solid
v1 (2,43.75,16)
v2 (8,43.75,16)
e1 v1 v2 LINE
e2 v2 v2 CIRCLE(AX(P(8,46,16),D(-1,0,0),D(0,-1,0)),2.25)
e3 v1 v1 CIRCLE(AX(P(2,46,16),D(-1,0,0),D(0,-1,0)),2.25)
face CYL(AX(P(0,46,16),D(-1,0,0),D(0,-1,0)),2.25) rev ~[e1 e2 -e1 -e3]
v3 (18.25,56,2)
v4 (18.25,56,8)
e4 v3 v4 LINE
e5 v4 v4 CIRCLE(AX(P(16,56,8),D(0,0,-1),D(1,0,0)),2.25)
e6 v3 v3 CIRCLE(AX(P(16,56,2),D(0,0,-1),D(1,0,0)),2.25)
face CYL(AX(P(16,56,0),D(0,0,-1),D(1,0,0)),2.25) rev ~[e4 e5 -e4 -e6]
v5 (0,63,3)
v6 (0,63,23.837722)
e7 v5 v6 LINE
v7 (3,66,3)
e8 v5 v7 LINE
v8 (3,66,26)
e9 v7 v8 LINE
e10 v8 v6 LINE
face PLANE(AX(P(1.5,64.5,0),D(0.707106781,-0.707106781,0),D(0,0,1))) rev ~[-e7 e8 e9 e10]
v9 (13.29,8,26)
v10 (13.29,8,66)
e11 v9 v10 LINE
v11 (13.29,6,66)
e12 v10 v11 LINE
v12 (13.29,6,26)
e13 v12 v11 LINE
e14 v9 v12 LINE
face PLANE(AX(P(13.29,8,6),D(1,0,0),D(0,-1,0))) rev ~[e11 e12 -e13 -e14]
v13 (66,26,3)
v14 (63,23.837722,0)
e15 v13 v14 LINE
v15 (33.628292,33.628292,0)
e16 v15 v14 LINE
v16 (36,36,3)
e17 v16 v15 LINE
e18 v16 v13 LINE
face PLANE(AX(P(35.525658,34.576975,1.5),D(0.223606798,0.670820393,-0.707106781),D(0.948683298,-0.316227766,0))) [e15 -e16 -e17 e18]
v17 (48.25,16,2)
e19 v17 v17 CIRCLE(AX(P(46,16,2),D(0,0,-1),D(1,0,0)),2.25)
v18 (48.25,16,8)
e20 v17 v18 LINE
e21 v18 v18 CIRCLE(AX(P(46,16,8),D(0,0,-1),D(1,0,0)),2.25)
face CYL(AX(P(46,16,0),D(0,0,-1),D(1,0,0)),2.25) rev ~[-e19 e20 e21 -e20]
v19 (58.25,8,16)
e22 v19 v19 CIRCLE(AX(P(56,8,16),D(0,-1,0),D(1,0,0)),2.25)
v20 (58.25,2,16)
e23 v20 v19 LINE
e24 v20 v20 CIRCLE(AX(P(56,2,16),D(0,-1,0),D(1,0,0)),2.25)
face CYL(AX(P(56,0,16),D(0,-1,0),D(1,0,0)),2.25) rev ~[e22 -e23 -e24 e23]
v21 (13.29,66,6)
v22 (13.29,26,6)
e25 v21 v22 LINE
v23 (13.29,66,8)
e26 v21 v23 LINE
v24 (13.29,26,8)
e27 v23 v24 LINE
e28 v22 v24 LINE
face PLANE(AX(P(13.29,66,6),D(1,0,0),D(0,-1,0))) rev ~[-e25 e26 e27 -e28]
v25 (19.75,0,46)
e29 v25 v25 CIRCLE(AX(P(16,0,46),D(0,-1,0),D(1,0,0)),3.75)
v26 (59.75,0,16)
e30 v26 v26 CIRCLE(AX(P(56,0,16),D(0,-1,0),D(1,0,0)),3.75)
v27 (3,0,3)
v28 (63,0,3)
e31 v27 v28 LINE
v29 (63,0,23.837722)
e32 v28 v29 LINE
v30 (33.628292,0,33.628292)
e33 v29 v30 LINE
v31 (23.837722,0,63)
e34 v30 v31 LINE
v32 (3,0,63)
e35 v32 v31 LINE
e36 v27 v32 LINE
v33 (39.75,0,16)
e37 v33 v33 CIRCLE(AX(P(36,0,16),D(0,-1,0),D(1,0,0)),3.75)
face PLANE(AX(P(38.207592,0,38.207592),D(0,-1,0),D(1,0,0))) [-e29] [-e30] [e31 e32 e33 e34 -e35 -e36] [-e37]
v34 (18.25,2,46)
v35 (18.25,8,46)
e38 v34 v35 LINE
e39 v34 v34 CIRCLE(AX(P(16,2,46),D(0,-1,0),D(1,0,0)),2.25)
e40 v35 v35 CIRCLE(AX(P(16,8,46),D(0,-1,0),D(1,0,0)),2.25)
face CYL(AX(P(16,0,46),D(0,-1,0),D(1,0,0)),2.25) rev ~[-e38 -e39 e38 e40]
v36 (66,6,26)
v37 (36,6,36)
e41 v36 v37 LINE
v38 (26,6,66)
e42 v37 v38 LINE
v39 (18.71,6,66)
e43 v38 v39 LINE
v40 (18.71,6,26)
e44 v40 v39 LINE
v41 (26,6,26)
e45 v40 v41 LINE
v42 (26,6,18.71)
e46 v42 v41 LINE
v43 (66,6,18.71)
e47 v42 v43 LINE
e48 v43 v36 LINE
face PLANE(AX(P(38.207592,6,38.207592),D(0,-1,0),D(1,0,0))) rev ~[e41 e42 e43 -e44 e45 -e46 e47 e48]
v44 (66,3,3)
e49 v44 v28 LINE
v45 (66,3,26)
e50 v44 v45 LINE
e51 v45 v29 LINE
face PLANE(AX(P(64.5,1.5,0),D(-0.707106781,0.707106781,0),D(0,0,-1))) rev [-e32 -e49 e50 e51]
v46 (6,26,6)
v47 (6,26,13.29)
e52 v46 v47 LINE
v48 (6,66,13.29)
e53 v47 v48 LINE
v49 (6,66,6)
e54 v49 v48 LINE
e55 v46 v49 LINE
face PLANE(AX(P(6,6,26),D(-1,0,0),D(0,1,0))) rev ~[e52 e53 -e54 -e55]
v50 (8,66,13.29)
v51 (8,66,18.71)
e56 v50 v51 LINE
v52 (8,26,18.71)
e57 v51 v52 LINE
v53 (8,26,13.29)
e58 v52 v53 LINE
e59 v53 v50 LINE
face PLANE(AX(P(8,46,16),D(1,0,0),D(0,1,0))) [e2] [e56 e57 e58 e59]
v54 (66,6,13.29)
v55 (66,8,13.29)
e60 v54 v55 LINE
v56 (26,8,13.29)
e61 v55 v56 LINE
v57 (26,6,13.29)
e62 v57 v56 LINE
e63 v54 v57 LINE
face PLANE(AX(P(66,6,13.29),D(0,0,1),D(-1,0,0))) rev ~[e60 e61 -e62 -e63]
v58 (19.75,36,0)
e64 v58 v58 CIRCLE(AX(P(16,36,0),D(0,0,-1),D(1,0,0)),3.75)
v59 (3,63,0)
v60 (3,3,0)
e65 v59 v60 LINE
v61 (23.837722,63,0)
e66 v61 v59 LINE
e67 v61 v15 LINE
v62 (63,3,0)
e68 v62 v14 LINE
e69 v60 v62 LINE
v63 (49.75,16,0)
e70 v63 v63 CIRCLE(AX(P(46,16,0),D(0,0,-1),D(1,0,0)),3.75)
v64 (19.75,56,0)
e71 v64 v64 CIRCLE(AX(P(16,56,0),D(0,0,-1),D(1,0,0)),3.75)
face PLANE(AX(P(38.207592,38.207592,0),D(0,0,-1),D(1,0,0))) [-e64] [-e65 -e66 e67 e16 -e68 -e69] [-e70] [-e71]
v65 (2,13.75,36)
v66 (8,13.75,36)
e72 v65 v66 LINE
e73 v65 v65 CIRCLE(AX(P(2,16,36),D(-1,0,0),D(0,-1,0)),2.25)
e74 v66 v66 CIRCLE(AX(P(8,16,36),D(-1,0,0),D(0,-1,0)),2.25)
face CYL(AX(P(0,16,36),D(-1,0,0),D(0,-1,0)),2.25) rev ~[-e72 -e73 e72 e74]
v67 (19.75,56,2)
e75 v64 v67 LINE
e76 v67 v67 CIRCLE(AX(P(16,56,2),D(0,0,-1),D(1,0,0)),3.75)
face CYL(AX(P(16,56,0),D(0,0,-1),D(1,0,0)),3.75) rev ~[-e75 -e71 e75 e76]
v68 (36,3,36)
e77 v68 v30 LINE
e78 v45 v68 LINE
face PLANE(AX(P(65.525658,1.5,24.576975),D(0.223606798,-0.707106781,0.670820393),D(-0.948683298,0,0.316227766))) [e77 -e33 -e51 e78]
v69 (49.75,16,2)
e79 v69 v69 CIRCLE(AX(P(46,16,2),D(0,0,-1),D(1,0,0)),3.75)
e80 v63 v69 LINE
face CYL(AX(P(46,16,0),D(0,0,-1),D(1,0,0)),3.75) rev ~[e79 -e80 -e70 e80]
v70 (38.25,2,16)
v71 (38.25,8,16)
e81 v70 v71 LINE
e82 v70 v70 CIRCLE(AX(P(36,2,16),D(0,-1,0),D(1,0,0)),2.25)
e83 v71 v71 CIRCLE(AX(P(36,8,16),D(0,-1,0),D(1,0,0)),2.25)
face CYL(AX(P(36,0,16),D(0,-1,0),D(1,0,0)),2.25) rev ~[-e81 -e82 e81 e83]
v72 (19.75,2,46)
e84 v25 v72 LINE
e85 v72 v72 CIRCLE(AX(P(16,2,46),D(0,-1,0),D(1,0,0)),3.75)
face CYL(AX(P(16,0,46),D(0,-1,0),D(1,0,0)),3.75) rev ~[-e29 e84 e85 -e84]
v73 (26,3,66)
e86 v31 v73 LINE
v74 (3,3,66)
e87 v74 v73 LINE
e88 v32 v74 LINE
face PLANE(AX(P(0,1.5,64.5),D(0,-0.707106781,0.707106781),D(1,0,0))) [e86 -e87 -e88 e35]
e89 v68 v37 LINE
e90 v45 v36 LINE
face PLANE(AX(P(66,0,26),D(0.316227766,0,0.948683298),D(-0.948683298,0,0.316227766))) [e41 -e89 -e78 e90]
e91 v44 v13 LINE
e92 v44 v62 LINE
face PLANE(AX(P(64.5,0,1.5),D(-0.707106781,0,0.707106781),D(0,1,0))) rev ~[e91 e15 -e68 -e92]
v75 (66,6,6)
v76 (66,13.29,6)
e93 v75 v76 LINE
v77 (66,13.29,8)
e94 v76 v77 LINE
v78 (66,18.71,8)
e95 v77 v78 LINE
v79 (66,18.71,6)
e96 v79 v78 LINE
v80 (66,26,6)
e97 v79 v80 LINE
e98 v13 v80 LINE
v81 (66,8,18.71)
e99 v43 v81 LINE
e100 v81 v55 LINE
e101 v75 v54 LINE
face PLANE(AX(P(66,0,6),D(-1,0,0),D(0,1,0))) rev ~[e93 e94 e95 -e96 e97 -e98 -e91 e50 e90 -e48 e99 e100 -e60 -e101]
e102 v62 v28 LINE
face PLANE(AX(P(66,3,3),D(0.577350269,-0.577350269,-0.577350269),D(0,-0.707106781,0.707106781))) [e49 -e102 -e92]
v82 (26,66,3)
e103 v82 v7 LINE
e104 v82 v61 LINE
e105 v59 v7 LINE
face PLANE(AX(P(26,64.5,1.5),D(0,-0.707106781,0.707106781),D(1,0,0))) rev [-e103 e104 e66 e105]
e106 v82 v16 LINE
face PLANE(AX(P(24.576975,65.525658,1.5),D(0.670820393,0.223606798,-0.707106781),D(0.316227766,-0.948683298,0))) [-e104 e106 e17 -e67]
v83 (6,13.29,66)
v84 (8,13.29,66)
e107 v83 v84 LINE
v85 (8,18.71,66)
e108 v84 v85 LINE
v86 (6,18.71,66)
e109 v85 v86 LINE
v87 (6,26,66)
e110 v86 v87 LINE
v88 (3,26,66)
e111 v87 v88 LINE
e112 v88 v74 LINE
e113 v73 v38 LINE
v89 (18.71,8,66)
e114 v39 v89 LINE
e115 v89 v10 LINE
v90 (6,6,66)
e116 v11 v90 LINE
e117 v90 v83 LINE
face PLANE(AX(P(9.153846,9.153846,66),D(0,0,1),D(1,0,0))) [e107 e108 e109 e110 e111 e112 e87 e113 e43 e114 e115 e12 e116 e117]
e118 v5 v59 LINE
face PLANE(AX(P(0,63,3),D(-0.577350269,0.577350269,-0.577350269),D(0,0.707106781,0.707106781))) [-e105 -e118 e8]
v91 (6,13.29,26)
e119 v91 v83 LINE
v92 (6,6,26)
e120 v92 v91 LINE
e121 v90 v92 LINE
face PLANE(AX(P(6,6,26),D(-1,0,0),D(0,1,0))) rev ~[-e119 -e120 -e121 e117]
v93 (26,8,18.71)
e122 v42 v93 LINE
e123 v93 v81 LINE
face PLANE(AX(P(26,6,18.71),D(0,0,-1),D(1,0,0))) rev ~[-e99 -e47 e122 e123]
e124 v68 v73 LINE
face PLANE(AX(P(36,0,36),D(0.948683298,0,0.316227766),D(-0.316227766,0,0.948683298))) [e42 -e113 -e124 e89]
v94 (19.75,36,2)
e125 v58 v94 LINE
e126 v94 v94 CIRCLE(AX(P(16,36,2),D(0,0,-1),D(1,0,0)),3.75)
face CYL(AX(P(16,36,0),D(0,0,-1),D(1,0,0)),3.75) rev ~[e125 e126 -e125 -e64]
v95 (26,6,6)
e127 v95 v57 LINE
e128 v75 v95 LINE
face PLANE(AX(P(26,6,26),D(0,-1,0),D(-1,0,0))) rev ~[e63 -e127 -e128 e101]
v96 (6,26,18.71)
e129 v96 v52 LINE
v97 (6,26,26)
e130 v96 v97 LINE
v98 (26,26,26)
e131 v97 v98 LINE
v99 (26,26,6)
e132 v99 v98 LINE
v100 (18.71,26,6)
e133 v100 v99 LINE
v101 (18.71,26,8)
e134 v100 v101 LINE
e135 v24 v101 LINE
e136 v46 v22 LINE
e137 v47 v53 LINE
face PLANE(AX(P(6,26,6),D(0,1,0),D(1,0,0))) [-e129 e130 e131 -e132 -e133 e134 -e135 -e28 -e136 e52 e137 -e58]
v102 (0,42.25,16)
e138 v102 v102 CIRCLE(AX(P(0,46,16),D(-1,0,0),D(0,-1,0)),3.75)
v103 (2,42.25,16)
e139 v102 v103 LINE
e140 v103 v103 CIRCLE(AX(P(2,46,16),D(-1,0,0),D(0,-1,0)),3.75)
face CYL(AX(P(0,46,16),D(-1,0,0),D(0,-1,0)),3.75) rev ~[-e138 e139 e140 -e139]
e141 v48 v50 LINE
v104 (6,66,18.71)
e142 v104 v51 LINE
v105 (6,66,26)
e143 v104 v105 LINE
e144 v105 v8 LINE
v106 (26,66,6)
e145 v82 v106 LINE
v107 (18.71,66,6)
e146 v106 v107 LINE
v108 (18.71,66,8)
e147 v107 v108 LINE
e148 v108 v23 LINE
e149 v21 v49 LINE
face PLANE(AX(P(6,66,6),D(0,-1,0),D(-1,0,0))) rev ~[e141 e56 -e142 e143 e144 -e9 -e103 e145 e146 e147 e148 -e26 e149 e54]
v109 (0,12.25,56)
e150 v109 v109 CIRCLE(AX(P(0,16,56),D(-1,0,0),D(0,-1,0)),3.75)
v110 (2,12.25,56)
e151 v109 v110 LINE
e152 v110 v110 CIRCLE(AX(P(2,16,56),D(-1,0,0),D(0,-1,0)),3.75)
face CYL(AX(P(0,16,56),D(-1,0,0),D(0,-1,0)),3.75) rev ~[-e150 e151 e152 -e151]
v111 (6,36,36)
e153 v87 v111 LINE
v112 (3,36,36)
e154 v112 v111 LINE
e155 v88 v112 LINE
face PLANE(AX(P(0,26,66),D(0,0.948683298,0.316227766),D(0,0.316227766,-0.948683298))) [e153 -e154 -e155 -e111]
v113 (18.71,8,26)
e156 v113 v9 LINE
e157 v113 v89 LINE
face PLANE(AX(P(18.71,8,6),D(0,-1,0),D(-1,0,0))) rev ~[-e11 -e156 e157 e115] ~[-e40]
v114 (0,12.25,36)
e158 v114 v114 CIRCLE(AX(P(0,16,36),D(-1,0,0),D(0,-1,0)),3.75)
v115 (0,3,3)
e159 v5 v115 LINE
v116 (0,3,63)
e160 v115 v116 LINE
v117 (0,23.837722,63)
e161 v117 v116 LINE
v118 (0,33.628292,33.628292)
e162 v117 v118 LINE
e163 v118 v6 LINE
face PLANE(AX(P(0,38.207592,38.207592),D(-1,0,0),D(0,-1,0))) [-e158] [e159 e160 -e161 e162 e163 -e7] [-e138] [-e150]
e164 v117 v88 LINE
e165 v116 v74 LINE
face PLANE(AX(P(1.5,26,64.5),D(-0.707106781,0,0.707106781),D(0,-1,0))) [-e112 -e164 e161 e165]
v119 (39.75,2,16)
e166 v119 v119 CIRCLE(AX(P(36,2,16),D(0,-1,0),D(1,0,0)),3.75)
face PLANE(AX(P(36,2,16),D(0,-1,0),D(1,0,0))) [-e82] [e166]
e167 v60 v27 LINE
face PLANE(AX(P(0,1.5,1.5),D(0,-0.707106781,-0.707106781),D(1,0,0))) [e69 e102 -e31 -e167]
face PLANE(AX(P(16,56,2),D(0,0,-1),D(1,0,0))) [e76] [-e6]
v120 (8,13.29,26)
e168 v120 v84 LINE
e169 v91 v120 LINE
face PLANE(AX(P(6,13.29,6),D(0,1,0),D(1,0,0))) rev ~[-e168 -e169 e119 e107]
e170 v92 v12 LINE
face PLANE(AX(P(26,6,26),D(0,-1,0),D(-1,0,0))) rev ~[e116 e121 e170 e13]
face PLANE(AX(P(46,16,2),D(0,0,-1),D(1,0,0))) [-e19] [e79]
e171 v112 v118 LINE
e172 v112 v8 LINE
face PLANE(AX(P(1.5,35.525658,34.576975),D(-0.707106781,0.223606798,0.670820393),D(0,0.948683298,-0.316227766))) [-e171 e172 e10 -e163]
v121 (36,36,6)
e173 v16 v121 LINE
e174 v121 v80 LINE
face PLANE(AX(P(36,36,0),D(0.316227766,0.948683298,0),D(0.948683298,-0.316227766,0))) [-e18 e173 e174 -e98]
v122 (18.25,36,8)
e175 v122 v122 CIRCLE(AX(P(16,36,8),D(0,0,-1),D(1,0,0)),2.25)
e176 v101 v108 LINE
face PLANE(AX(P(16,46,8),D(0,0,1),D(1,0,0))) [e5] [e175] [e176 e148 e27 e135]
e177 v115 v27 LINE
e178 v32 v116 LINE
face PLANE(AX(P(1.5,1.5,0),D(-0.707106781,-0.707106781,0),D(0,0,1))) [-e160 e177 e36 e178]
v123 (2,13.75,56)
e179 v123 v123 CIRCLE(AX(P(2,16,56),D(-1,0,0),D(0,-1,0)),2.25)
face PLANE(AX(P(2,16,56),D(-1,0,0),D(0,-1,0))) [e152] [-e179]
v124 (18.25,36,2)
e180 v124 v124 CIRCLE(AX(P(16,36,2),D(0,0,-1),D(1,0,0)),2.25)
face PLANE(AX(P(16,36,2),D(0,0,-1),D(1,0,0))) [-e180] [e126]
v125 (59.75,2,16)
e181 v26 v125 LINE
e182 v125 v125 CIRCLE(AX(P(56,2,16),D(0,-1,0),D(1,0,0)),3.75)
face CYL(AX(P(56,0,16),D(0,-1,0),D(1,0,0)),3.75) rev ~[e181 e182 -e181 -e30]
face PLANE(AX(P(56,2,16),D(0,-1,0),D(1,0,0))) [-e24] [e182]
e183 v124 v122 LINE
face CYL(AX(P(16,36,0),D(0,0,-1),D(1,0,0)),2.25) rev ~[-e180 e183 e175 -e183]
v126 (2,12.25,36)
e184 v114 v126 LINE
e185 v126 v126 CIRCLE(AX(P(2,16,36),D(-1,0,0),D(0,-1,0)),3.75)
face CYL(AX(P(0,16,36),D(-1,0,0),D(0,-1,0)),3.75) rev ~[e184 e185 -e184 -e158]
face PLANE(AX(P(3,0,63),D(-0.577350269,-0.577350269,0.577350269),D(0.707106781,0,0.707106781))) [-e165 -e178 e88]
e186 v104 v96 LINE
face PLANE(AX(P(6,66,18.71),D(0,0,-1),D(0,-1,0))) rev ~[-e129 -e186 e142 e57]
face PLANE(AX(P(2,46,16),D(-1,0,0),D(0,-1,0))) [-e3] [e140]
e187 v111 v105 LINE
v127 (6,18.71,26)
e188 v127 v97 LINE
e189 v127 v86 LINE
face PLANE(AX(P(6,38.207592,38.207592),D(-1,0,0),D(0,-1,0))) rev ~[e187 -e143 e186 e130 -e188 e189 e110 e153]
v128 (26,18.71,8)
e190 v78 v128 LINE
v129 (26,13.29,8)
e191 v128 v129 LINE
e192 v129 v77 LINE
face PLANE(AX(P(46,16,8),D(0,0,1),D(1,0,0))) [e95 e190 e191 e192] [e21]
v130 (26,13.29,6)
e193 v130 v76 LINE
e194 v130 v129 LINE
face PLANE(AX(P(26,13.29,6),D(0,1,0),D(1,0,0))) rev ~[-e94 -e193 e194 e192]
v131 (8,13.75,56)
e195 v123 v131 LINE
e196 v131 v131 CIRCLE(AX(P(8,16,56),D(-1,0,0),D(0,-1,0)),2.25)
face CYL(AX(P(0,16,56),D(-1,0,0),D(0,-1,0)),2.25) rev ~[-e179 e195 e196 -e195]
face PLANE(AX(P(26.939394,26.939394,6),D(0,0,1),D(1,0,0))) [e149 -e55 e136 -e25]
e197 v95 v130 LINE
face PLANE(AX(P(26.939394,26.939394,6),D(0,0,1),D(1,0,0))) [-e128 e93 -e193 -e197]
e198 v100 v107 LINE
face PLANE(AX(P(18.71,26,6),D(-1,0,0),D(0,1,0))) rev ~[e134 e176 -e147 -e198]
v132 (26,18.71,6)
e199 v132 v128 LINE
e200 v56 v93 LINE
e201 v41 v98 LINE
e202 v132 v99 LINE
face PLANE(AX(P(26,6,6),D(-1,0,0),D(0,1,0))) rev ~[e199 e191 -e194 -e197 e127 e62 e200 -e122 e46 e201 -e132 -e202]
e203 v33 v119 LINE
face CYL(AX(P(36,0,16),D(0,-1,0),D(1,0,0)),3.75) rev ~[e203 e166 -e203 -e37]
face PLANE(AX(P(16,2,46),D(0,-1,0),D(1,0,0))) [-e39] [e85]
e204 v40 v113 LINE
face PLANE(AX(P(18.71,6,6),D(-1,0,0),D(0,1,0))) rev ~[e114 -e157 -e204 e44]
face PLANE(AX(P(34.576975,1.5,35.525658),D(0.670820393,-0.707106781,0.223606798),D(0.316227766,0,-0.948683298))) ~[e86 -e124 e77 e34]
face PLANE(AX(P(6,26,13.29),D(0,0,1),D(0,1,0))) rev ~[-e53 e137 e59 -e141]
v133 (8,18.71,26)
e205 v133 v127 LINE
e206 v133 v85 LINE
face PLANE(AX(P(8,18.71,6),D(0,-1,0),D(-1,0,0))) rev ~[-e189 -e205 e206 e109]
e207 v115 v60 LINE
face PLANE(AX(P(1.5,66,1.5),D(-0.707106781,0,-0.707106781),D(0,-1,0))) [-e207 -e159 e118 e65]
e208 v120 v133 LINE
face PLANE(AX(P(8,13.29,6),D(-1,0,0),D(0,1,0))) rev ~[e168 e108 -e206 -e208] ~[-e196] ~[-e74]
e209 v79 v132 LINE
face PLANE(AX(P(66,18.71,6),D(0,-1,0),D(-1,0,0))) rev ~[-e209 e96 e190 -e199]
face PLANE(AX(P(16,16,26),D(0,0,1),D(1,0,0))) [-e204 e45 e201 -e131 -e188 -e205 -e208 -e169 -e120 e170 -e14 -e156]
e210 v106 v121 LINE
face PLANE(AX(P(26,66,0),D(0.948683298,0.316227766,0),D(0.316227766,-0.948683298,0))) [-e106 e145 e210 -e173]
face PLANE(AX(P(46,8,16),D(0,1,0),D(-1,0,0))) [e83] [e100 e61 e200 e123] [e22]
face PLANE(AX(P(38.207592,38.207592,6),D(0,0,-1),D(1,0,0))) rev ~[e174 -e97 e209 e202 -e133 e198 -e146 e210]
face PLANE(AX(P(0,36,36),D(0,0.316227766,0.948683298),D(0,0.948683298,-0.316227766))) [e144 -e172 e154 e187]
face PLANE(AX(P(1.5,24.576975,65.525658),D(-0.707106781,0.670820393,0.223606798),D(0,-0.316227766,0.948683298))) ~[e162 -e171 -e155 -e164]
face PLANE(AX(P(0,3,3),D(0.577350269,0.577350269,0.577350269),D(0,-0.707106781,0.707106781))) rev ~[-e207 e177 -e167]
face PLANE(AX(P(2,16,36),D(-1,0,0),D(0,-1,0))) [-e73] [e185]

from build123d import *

# Parameters (mm, degrees)
F1_DEPTH  = 6
F3_DEPTH  = 20
F5_DEPTH  = 40
F7_DEPTH  = 60
F9_DEPTH  = 2
F11_DEPTH = 2
F13_DEPTH = 2
F14_R     = 2.25
F15_DEPTH = 8
F16_R     = 2.25
F17_DEPTH = 8
F18_R     = 2.25
F19_DEPTH = 8
F20_R     = 3.75
F21_DEPTH = 2
F22_R     = 3.75
F23_DEPTH = 2
F24_R     = 3.75
F25_DEPTH = 2
F26_W     = 20
F26_H     = 20
F27_DEPTH = 20
F29_DEPTH = 6
F31_DEPTH = 6
F33_DEPTH = 6
F34_SIZE  = 3


with BuildPart() as f1:
    # F0 (on Top) → F1 (new body)
    with BuildSketch(Plane.XY):
        Polygon((0, 66), (0, 0), (66, 0), (66, 26), (26, 26), (26, 66), align=None)
    extrude(amount=F1_DEPTH)

    # F2 (on face) → F3 (join)
    with BuildSketch(Plane.XY.offset(6)):
        Polygon((6, 66), (0, 66), (0, 0), (66, 0), (66, 6), (6, 6), align=None)
    extrude(amount=F3_DEPTH)

    # F4 (on face) → F5 (join)
    with BuildSketch(Plane.XY.offset(26)):
        Polygon((6, 6), (6, 26), (0, 26), (0, 0), (26, 0), (26, 6), align=None)
    extrude(amount=F5_DEPTH)

    # F6 (on face) → F7 (join)
    with BuildSketch(Plane.XY.offset(6)):
        Polygon((13.29, 6), (16, 6), (18.71, 6), (18.71, 8), (13.29, 8), align=None)
        Polygon((6, 18.71), (6, 16), (6, 13.29), (8, 13.29), (8, 18.71), align=None)
    extrude(amount=F7_DEPTH)

    # F8 (on face) → F9 (join)
    with BuildSketch(Plane.XY.offset(6)):
        Polygon((66, 13.29), (66, 16), (66, 18.71), (26, 18.71), (26, 13.29), align=None)
        Polygon((18.71, 66), (16, 66), (13.29, 66), (13.29, 26), (18.71, 26), align=None)
    extrude(amount=F9_DEPTH)

    # F10 (on face) → F11 (join)
    with BuildSketch(Plane(origin=(0, 6, 0), x_dir=(-1, 0, 0), z_dir=(0, 1, 0))):
        Polygon((-66, 18.71), (-66, 16), (-66, 13.29), (-26, 13.29), (-26, 16), (-26, 18.71), align=None)
    extrude(amount=F11_DEPTH)

    # F12 (on face) → F13 (join)
    with BuildSketch(Plane.YZ.offset(6)):
        Polygon((66, 13.29), (66, 16), (66, 18.71), (26, 18.71), (26, 13.29), align=None)
    extrude(amount=F13_DEPTH)

    # F14 (on face) → F15 (cut, through all)
    with BuildSketch(Plane.XZ):
        with Locations((56, 16)):
            Circle(F14_R)
        with Locations((16, 46)):
            Circle(F14_R)
        with Locations((36, 16)):
            Circle(F14_R)
    extrude(amount=-F15_DEPTH, mode=Mode.SUBTRACT)

    # F16 (on face) → F17 (cut, through all)
    with BuildSketch(Plane(origin=(0, 0, 0), x_dir=(0, -1, 0), z_dir=(-1, 0, 0))):
        with Locations((-16, 56)):
            Circle(F16_R)
        with Locations((-46, 16)):
            Circle(F16_R)
        with Locations((-16, 36)):
            Circle(F16_R)
    extrude(amount=-F17_DEPTH, mode=Mode.SUBTRACT)

    # F18 (on face) → F19 (cut, through all)
    with BuildSketch(Plane(origin=(0, 0, 0), x_dir=(1, 0, 0), z_dir=(0, 0, -1))):
        with Locations((46, -16)):
            Circle(F18_R)
        with Locations((16, -56)):
            Circle(F18_R)
        with Locations((16, -36)):
            Circle(F18_R)
    extrude(amount=-F19_DEPTH, mode=Mode.SUBTRACT)

    # F20 (on face) → F21 (cut)
    with BuildSketch(Plane.XZ):
        with Locations((16, 46)):
            Circle(F20_R)
        with Locations((36, 16)):
            Circle(F20_R)
        with Locations((56, 16)):
            Circle(F20_R)
    extrude(amount=-F21_DEPTH, mode=Mode.SUBTRACT)

    # F22 (on face) → F23 (cut)
    with BuildSketch(Plane(origin=(0, 0, 0), x_dir=(0, -1, 0), z_dir=(-1, 0, 0))):
        with Locations((-16, 56)):
            Circle(F22_R)
        with Locations((-46, 16)):
            Circle(F22_R)
        with Locations((-16, 36)):
            Circle(F22_R)
    extrude(amount=-F23_DEPTH, mode=Mode.SUBTRACT)

    # F24 (on face) → F25 (cut)
    with BuildSketch(Plane(origin=(0, 0, 0), x_dir=(1, 0, 0), z_dir=(0, 0, -1))):
        with Locations((16, -56)):
            Circle(F24_R)
        with Locations((46, -16)):
            Circle(F24_R)
        with Locations((16, -36)):
            Circle(F24_R)
    extrude(amount=-F25_DEPTH, mode=Mode.SUBTRACT)

    # F26 (on face) → F27 (join)
    with BuildSketch(Plane.XY.offset(6)):
        with Locations((16, 16)):
            Rectangle(F26_W, F26_H)
    extrude(amount=F27_DEPTH)

    # F28 (on face) → F29 (join)
    with BuildSketch(Plane.XZ):
        Polygon((36, 36), (26, 66), (26, 26), (66, 26), align=None)
    extrude(amount=-F29_DEPTH)

    # F30 (on face) → F31 (join)
    with BuildSketch(Plane(origin=(0, 0, 0), x_dir=(0, -1, 0), z_dir=(-1, 0, 0))):
        Polygon((-26, 26), (-26, 66), (-36, 36), (-66, 26), align=None)
    extrude(amount=-F31_DEPTH)

    # F32 (on face) → F33 (join)
    with BuildSketch(Plane(origin=(0, 0, 0), x_dir=(1, 0, 0), z_dir=(0, 0, -1))):
        Polygon((36, -36), (66, -26), (26, -26), (26, -66), align=None)
    extrude(amount=-F33_DEPTH)

    # F34
    f34_edges = [f1.edges().sort_by_distance(p)[0] for p in [
        (33, 0, 0),
        (66, 13, 0),
        (51, 31, 0),
        (31, 51, 0),
        (13, 66, 0),
        (0, 33, 0),
        (0, 66, 13),
        (0, 51, 31),
        (0, 31, 51),
        (0, 13, 66),
        (0, 0, 33),
        (66, 0, 13),
        (51, 0, 31),
        (31, 0, 51),
        (13, 0, 66),
    ]]
    chamfer(f34_edges, length=F34_SIZE)


solid = f1.part
